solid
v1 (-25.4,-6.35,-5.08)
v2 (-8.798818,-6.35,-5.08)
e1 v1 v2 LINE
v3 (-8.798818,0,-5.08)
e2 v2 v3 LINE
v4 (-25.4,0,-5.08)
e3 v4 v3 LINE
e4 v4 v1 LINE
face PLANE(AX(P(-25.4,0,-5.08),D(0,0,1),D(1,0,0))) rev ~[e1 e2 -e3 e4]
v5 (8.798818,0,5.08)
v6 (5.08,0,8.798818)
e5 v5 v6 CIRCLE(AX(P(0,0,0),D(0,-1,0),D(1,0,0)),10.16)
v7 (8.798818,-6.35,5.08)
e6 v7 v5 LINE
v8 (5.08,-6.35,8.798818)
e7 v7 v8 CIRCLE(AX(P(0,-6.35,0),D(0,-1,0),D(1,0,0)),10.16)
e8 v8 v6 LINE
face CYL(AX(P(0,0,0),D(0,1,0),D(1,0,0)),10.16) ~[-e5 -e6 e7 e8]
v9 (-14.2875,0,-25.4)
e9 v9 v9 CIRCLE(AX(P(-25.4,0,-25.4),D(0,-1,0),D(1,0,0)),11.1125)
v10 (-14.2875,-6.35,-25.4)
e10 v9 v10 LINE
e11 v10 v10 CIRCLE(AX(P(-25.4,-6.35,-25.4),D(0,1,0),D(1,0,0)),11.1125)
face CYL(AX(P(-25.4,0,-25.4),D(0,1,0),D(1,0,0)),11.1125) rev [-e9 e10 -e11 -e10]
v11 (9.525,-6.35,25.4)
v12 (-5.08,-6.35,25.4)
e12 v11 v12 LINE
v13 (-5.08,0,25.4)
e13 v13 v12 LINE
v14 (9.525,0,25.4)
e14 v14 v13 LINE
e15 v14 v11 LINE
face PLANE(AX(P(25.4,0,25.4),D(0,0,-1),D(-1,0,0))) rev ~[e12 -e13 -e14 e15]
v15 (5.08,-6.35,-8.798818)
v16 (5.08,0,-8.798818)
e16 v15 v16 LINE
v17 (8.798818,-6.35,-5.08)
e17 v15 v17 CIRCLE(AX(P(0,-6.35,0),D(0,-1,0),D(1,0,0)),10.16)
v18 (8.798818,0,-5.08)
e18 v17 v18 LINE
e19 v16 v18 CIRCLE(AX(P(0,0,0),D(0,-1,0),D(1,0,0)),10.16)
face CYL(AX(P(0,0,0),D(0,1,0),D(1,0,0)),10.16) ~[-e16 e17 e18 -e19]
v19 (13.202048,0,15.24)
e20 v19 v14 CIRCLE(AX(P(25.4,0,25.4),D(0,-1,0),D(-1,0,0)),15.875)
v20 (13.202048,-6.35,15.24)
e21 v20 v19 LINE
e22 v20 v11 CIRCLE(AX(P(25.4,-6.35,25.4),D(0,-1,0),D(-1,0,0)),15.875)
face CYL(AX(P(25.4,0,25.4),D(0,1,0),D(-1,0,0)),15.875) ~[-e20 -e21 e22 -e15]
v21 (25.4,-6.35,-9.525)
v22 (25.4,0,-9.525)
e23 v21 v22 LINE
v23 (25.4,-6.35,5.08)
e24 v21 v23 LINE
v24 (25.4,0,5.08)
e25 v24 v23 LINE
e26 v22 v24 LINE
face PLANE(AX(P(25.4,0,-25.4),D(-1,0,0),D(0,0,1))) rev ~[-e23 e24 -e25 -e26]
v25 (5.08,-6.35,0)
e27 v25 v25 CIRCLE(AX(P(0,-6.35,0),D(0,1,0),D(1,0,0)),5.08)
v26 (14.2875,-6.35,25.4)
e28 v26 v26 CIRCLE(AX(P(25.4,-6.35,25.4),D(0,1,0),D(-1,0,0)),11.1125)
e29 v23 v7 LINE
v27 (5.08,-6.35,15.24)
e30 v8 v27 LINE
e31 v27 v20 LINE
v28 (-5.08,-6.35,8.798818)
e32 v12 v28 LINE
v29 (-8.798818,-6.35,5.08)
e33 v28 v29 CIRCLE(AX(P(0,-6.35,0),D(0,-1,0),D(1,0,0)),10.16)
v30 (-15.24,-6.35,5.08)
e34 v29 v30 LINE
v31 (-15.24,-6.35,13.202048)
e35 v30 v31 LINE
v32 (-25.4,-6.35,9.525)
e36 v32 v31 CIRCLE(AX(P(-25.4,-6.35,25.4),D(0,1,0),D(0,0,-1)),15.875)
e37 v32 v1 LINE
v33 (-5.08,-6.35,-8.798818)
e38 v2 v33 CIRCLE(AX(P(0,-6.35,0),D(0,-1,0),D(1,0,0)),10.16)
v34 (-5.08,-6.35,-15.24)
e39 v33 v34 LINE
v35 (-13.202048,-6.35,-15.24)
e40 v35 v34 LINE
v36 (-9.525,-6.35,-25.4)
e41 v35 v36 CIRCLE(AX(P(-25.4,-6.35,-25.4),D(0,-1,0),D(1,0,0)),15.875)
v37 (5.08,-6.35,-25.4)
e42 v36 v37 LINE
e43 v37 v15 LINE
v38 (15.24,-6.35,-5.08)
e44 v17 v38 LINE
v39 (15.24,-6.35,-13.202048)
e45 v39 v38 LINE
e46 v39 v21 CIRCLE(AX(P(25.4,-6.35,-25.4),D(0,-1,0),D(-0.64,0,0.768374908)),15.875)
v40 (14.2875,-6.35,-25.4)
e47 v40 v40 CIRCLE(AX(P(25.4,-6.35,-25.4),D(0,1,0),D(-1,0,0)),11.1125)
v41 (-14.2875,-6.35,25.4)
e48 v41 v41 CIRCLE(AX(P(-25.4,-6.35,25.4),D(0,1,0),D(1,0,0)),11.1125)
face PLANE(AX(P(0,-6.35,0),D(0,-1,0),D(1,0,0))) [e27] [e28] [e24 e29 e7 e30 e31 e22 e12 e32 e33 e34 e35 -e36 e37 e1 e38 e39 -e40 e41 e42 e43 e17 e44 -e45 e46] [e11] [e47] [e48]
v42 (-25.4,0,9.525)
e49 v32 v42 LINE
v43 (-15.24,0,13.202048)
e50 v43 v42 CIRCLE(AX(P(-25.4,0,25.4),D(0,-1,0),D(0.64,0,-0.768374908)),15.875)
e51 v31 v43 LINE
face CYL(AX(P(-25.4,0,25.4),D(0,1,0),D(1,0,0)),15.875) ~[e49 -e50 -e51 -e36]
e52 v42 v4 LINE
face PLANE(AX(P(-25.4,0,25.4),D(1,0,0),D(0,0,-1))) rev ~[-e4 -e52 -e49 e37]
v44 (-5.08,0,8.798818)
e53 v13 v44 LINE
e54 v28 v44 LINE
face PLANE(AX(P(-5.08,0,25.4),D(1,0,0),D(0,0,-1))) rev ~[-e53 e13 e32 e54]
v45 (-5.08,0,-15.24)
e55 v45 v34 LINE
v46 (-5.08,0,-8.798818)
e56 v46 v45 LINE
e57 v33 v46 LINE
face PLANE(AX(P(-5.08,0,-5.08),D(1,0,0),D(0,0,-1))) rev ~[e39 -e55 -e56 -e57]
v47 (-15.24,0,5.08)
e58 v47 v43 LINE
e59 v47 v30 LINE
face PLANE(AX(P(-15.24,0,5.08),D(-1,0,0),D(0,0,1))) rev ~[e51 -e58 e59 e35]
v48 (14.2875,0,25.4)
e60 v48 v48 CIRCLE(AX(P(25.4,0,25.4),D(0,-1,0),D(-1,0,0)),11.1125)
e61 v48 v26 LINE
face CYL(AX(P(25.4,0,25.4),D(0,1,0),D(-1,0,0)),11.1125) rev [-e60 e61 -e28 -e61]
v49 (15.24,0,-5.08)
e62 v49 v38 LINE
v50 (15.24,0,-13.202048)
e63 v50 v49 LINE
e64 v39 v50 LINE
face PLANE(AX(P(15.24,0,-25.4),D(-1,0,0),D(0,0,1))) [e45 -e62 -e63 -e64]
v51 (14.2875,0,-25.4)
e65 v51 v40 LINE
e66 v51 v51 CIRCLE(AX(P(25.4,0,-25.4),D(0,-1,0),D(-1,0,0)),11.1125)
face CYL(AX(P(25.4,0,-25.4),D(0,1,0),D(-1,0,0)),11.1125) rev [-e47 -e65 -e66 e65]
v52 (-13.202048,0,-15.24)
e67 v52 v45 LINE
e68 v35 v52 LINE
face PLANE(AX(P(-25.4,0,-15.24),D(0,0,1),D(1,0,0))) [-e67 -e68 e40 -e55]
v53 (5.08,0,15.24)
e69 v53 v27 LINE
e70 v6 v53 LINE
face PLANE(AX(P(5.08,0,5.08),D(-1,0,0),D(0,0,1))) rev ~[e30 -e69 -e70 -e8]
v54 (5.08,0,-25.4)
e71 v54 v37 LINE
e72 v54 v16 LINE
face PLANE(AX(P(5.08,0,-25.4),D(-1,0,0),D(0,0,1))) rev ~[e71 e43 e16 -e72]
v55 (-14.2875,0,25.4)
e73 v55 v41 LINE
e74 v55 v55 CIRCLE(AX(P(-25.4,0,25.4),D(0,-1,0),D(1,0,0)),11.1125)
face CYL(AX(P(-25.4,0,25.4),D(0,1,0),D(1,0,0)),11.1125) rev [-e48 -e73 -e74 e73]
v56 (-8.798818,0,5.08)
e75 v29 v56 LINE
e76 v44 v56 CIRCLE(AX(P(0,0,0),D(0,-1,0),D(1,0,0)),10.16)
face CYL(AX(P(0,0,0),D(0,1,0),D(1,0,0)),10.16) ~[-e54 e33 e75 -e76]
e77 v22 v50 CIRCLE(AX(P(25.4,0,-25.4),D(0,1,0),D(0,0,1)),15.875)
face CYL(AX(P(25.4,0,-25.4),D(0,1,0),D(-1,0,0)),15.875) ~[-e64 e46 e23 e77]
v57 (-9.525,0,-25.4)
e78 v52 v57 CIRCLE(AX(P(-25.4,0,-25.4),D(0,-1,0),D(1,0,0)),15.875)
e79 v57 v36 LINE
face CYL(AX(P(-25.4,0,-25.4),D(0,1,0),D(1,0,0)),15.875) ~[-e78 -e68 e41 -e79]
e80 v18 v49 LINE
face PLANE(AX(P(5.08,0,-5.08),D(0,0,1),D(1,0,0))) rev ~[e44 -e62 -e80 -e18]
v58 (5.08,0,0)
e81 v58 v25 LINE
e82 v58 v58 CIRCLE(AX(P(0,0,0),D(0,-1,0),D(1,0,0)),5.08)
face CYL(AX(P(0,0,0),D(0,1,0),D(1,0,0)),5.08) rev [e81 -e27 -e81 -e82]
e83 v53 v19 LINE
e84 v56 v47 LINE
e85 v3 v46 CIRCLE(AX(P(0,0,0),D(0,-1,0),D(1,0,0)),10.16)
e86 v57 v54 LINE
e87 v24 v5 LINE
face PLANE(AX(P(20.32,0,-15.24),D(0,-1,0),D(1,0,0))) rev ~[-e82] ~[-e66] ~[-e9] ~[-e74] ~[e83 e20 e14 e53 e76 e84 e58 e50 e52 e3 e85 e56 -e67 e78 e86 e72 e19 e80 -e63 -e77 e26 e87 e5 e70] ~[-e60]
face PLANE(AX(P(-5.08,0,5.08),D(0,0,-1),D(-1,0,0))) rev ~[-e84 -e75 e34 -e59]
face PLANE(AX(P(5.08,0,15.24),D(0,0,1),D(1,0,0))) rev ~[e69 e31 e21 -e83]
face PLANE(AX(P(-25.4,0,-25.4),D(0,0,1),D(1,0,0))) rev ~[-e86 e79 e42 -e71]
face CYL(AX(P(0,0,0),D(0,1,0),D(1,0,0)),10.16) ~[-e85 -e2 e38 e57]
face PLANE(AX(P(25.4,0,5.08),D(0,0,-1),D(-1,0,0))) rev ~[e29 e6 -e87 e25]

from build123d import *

# Parameters (mm, degrees)
F0_W     = 10.16
F0_H     = 20.32
F0_W_2   = 20.32
F0_H_2   = 10.16
F1_DEPTH = 6.35
F2_R     = 15.875
F3_DEPTH = 6.35
F4_R     = 11.1125
F5_DEPTH = 6.351
F6_R     = 10.16
F7_DEPTH = 6.35
F8_R     = 5.08
F9_DEPTH = 6.351


with BuildPart() as f1:
    # F0 (on Front) → F1 (new body)
    with BuildSketch(Plane.XZ):
        with Locations((20.32, -15.24)):
            Rectangle(F0_W, F0_H)
        Polygon((15.24, -5.08), (25.4, -5.08), (25.4, 5.08), (5.08, 5.08), (5.08, -5.08), align=None)
        Polygon((5.08, -25.4), (5.08, -5.08), (-5.08, -5.08), (-5.08, -15.24), (-5.08, -25.4), align=None)
        Polygon((-5.08, 5.08), (5.08, 5.08), (5.08, 15.24), (5.08, 25.4), (-5.08, 25.4), align=None)
        Polygon((-25.4, -5.08), (-5.08, -5.08), (-5.08, 5.08), (-15.24, 5.08), (-25.4, 5.08), align=None)
        with Locations((15.24, 20.32)):
            Rectangle(F0_W_2, F0_H_2)
        with Locations((-15.24, -20.32)):
            Rectangle(F0_W_2, F0_H_2)
        with Locations((-20.32, 15.24)):
            Rectangle(F0_W, F0_H)
    extrude(amount=F1_DEPTH)

    # F2 (on Front) → F3 (join)
    with BuildSketch(Plane.XZ):
        with Locations((-25.4, 25.4)):
            Circle(F2_R)
        with BuildLine():
            ThreePointArc((41.275, 25.4), (25.4, 41.275), (9.525, 25.4))
            ThreePointArc((9.525, 25.4), (25.4, 9.525), (41.275, 25.4))
        make_face()
        with BuildLine():
            ThreePointArc((41.275, -25.4), (25.4, -9.525), (9.525, -25.4))
            ThreePointArc((9.525, -25.4), (25.4, -41.275), (41.275, -25.4))
        make_face()
        with Locations((-25.4, -25.4)):
            Circle(F2_R)
    extrude(amount=F3_DEPTH)

    # F4 (on Front) → F5 (cut, through all)
    with BuildSketch(Plane.XZ):
        with Locations((-25.4, 25.4)):
            Circle(F4_R)
        with BuildLine():
            ThreePointArc((36.5125, 25.4), (25.4, 36.5125), (14.2875, 25.4))
            ThreePointArc((14.2875, 25.4), (25.4, 14.2875), (36.5125, 25.4))
        make_face()
        with BuildLine():
            ThreePointArc((36.5125, -25.4), (25.4, -14.2875), (14.2875, -25.4))
            ThreePointArc((14.2875, -25.4), (25.4, -36.5125), (36.5125, -25.4))
        make_face()
        with Locations((-25.4, -25.4)):
            Circle(F4_R)
    extrude(amount=F5_DEPTH, mode=Mode.SUBTRACT)

    # F6 (on Front) → F7 (join)
    with BuildSketch(Plane.XZ):
        Circle(F6_R)
    extrude(amount=F7_DEPTH)

    # F8 (on Front) → F9 (cut, through all)
    with BuildSketch(Plane.XZ):
        Circle(F8_R)
    extrude(amount=F9_DEPTH, mode=Mode.SUBTRACT)


solid = f1.part
